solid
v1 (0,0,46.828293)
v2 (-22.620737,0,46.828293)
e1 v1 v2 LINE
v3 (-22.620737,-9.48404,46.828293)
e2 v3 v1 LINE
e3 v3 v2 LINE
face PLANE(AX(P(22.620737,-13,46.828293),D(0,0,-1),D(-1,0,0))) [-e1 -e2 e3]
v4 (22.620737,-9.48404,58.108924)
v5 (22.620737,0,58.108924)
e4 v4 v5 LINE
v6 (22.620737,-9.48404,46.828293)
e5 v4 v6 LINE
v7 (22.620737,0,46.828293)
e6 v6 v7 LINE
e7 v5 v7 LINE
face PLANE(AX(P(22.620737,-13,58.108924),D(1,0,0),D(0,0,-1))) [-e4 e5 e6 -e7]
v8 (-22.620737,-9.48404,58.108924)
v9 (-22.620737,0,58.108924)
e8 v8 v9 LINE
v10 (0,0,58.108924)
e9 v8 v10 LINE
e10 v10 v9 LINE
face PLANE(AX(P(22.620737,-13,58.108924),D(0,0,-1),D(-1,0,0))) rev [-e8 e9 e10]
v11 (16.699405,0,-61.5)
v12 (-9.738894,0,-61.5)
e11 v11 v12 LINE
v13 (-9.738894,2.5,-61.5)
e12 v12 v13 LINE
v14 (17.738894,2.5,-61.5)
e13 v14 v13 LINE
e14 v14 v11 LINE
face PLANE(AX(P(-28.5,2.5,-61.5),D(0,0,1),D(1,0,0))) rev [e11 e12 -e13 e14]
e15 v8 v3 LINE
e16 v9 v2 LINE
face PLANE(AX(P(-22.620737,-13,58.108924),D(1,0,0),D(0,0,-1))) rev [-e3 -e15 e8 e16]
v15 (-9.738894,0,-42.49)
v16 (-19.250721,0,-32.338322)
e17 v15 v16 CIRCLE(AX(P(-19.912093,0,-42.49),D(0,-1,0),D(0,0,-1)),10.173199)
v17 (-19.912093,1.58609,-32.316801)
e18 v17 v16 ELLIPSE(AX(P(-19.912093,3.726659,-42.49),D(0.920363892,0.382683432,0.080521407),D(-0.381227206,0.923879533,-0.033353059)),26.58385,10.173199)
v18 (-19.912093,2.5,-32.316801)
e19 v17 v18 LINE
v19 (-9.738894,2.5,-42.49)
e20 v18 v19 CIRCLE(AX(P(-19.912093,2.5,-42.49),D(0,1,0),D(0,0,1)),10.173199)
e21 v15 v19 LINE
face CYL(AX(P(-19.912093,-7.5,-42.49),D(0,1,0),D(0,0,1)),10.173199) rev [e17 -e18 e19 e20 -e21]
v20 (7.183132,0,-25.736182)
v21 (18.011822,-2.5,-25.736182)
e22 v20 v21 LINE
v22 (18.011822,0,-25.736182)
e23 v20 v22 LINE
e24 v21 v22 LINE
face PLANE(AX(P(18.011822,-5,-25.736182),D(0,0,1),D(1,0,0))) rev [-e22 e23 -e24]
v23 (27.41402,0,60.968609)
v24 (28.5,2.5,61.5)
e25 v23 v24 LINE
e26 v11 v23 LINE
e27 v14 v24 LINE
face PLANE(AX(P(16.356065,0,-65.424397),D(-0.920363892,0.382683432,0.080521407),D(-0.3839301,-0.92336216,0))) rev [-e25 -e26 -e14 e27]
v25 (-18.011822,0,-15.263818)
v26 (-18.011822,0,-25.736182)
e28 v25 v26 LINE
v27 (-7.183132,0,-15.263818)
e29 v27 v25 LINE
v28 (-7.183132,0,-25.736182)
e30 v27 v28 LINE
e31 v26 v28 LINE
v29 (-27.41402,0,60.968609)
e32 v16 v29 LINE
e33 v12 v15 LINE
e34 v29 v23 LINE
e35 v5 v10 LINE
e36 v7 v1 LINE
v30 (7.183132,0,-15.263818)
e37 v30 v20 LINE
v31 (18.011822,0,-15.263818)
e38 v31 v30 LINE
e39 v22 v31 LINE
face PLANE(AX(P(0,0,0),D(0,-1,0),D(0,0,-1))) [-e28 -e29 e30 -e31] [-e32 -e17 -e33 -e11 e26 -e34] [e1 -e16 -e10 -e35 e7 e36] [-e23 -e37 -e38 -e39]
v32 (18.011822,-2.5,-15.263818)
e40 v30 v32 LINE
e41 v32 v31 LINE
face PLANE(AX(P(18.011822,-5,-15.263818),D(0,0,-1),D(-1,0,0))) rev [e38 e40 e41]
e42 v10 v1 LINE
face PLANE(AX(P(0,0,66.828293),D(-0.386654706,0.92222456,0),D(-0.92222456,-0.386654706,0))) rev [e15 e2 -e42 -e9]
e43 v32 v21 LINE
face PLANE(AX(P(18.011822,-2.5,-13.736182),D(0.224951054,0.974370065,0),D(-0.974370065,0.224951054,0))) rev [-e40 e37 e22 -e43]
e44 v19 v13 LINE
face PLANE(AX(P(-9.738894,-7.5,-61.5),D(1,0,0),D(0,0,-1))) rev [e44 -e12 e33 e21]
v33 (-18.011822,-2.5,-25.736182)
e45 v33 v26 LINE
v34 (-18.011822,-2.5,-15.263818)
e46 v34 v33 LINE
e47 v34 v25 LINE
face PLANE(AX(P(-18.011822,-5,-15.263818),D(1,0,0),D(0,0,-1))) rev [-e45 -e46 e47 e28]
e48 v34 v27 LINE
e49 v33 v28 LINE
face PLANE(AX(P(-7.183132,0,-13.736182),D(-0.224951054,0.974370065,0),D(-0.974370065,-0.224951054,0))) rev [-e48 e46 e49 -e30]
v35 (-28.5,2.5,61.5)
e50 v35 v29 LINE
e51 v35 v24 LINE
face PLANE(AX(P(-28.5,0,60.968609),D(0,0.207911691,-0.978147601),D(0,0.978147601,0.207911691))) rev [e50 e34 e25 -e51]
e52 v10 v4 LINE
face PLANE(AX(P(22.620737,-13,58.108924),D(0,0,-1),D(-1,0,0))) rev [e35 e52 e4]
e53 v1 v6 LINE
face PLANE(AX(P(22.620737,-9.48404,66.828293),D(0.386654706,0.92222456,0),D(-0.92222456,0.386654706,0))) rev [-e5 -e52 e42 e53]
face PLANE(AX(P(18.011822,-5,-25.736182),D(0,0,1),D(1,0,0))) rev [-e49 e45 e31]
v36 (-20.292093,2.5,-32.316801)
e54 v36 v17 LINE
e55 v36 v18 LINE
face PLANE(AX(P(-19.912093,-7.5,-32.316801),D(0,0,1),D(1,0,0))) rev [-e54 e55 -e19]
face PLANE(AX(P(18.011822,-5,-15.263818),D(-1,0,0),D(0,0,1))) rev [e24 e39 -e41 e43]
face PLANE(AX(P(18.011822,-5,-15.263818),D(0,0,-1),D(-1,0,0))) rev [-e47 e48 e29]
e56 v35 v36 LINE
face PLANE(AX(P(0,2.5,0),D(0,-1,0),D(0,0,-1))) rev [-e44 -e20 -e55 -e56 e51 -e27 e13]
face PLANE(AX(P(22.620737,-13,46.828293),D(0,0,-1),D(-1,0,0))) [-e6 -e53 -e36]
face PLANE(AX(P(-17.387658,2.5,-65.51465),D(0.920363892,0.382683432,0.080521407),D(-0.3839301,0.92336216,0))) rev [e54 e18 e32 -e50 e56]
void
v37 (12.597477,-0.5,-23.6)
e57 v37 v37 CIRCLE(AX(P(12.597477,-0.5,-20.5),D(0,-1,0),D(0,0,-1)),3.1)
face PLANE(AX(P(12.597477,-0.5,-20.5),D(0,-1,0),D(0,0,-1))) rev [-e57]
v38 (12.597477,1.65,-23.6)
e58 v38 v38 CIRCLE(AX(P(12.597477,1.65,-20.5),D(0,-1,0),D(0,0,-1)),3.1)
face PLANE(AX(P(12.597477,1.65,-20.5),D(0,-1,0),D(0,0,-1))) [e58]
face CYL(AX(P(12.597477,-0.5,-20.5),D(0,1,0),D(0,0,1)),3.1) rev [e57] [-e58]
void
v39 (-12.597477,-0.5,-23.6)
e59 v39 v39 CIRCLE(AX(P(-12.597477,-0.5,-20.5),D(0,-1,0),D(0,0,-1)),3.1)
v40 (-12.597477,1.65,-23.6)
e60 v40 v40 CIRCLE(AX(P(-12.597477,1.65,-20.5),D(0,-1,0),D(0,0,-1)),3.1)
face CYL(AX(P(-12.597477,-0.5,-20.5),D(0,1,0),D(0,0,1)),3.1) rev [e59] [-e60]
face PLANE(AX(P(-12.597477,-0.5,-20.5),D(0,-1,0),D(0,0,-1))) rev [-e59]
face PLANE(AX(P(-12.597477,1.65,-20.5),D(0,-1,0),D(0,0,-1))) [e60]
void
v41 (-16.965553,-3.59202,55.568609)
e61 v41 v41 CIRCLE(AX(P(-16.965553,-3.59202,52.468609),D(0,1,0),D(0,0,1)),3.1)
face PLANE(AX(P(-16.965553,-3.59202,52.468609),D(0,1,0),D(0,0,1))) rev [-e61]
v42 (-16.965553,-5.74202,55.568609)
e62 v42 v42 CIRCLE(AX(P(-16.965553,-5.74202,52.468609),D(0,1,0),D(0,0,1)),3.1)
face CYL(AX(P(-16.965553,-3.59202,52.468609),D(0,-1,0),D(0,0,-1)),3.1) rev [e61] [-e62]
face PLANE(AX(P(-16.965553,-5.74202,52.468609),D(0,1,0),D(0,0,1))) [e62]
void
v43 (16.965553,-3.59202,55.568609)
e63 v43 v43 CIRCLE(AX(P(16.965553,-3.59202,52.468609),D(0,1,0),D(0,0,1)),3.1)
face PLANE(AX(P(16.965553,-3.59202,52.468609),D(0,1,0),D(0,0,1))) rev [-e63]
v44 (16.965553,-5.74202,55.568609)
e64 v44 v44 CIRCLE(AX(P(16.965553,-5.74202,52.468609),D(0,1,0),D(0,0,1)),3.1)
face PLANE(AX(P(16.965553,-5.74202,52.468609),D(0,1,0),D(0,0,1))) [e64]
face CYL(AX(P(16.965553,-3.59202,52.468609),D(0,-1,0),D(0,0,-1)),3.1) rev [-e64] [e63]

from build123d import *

# Parameters (mm, degrees)
SKIZZE1_W                            = 57
SKIZZE1_H                            = 123
AUFSATZ_LINEAR_AUSTRAGEN1_DEPTH      = 2.5
SCHNITT_LINEAR_AUSTRAGEN1_DEPTH      = 84.889808678
SCHNITT_LINEAR_AUSTRAGEN2_DEPTH      = 68.828828679
SCHNITT_LINEAR_AUSTRAGEN3_DEPTH      = 70.726045338
SCHNITT_LINEAR_AUSTRAGEN3_DEPTH_BACK = 70.726045338
SCHNITT_LINEAR_AUSTRAGEN4_DEPTH      = 70.47454308
SCHNITT_LINEAR_AUSTRAGEN4_DEPTH_BACK = 70.47454308
SKIZZE9_W                            = 45.241474544
SKIZZE9_H                            = 11.280630507
AUFSATZ_LINEAR_AUSTRAGEN2_DEPTH      = 13
SCHNITT_LINEAR_AUSTRAGEN5_DEPTH      = 20
SKIZZE12_W                           = 36.023643564
SKIZZE12_H                           = 10.472363364
AUFSATZ_LINEAR_AUSTRAGEN3_DEPTH      = 5
SCHNITT_LINEAR_AUSTRAGEN6_DEPTH      = 12
SCHNITT_LINEAR_AUSTRAGEN8_DEPTH      = 0.5
SCHNITT_LINEAR_AUSTRAGEN8_DEPTH_BACK = 1.65
SKIZZE16_R                           = 3.1
SCHNITT_LINEAR_AUSTRAGEN9_DEPTH      = 1.15
SCHNITT_LINEAR_AUSTRAGEN9_DEPTH_BACK = 1
SKIZZE17_R                           = 3.1
SCHNITT_LINEAR_AUSTRAGEN10_DEPTH     = 10


with BuildPart() as part:
    # Skizze1 → Aufsatz-Linear austragen1 (new body)
    with BuildSketch(Plane(origin=(0, 0, 0), x_dir=(1, 0, 0), z_dir=(0, 1, 0))):
        Rectangle(SKIZZE1_W, SKIZZE1_H)
    extrude(amount=AUFSATZ_LINEAR_AUSTRAGEN1_DEPTH)

    # Skizze2 → Schnitt-Linear austragen1 (cut, through all)
    with BuildSketch(Plane(origin=(28.5, 0, 0), x_dir=(0, 0, -1), z_dir=(1, 0, 0))):
        Polygon((-61.5, 2.5), (-61.5, 0), (-60.968608596, 0), align=None)
    extrude(amount=-SCHNITT_LINEAR_AUSTRAGEN1_DEPTH, mode=Mode.SUBTRACT)

    # Skizze3 → Schnitt-Linear austragen2 (cut, through all)
    with BuildSketch(Plane(origin=(0, 2.5, 0), x_dir=(1, 0, 0), z_dir=(0, 1, 0))):
        Polygon((-28.5, -61.5), (-17.738894386, 61.5), (-28.5, 61.5), align=None)
        Polygon((28.5, -61.5), (17.738894386, 61.5), (28.5, 61.5), align=None)
    extrude(amount=-SCHNITT_LINEAR_AUSTRAGEN2_DEPTH, mode=Mode.SUBTRACT)

    # Skizze5 → Schnitt-Linear austragen3 (cut, two sides: drawn at the far end of the back side and taken through both)
    with BuildSketch(Plane(origin=(0.175618176, 0, 2.007324937), x_dir=(0, -1, 0), z_dir=(0.08715574274765484, 0, 0.9961946980917459)).offset(-SCHNITT_LINEAR_AUSTRAGEN3_DEPTH_BACK)):
        Polygon((0.008562414, 23.031470717), (-2.5, 23.031470717), (0, 21.995936811), align=None)
    extrude(amount=SCHNITT_LINEAR_AUSTRAGEN3_DEPTH + SCHNITT_LINEAR_AUSTRAGEN3_DEPTH_BACK, mode=Mode.SUBTRACT)

    # Skizze6 → Schnitt-Linear austragen4 (cut, two sides: drawn at the far end of the back side and taken through both)
    with BuildSketch(Plane(origin=(-0.152372814, 0, 1.741629235), x_dir=(0, 1, 0), z_dir=(-0.08715574274766175, 0, 0.9961946980917452)).offset(-SCHNITT_LINEAR_AUSTRAGEN4_DEPTH_BACK)):
        Polygon((2.5, 23.031470717), (0, 21.995936811), (0, 23.031470717), align=None)
    extrude(amount=SCHNITT_LINEAR_AUSTRAGEN4_DEPTH + SCHNITT_LINEAR_AUSTRAGEN4_DEPTH_BACK, mode=Mode.SUBTRACT)

    # Skizze9 → Aufsatz-Linear austragen2 (add)
    with BuildSketch(Plane.XZ):
        with Locations((0, 52.468608596)):
            Rectangle(SKIZZE9_W, SKIZZE9_H)
    extrude(amount=AUFSATZ_LINEAR_AUSTRAGEN2_DEPTH)

    # Skizze11 → Schnitt-Linear austragen5 (cut)
    with BuildSketch(Plane(origin=(0, 0, 46.828293342), x_dir=(-1, 0, 0), z_dir=(0, 0, -1))):
        Polygon((-22.620737272, -9.484039906), (0, 0), (22.620737272, -9.484039906), (22.620737272, -13), (-22.620737272, -13), align=None)
    extrude(amount=-SCHNITT_LINEAR_AUSTRAGEN5_DEPTH, mode=Mode.SUBTRACT)

    # Skizze12 → Aufsatz-Linear austragen3 (add)
    with BuildSketch(Plane.XZ):
        with Locations((0, -20.5)):
            Rectangle(SKIZZE12_W, SKIZZE12_H)
    extrude(amount=AUFSATZ_LINEAR_AUSTRAGEN3_DEPTH)

    # Skizze13 → Schnitt-Linear austragen6 (cut)
    with BuildSketch(Plane(origin=(0, 0, -25.736181682), x_dir=(-1, 0, 0), z_dir=(0, 0, -1))):
        Polygon((-18.011821782, -2.5), (-7.183132097, 0), (7.183132097, 0), (18.011821782, -2.5), (18.011821782, -5), (-18.011821782, -5), align=None)
    extrude(amount=-SCHNITT_LINEAR_AUSTRAGEN6_DEPTH, mode=Mode.SUBTRACT)

    # Skizze16 → Schnitt-Linear austragen8 (cut, two sides: drawn at the far end of the back side and taken through both)
    with BuildSketch(Plane.XZ.offset(-SCHNITT_LINEAR_AUSTRAGEN8_DEPTH_BACK)):
        with Locations((12.59747694, -20.5)):
            Circle(SKIZZE16_R)
        with Locations((-12.59747694, -20.5)):
            Circle(SKIZZE16_R)
    extrude(amount=SCHNITT_LINEAR_AUSTRAGEN8_DEPTH + SCHNITT_LINEAR_AUSTRAGEN8_DEPTH_BACK, mode=Mode.SUBTRACT)

    # Skizze17 → Schnitt-Linear austragen9 (cut, two sides: drawn at the far end of the back side and taken through both)
    with BuildSketch(Plane(origin=(0, -4.742019953, 0), x_dir=(1, 0, 0), z_dir=(0, 1, 0)).offset(-SCHNITT_LINEAR_AUSTRAGEN9_DEPTH_BACK)):
        with Locations((-16.965552954, -52.468608596)):
            Circle(SKIZZE17_R)
        with Locations((16.965552954, -52.468608596)):
            Circle(SKIZZE17_R)
    extrude(amount=SCHNITT_LINEAR_AUSTRAGEN9_DEPTH + SCHNITT_LINEAR_AUSTRAGEN9_DEPTH_BACK, mode=Mode.SUBTRACT)

    # Skizze18 → Schnitt-Linear austragen10 (cut)
    with BuildSketch(Plane(origin=(0, 2.5, 0), x_dir=(1, 0, 0), z_dir=(0, 1, 0))):
        with BuildLine():
            Line((-9.738894386, 61.5), (-9.738894386, 42.49))
            ThreePointArc((-9.738894386, 42.49), (-12.718555412, 35.29646194), (-19.912093472, 32.316800915))
            Line((-19.912093472, 32.316800915), (-20.292093472, 32.316800915))
            Line((-20.292093472, 32.316800915), (-17.738894386, 61.5))
            Line((-17.738894386, 61.5), (-9.738894386, 61.5))
        make_face()
    extrude(amount=-SCHNITT_LINEAR_AUSTRAGEN10_DEPTH, mode=Mode.SUBTRACT)


solid = part.part
